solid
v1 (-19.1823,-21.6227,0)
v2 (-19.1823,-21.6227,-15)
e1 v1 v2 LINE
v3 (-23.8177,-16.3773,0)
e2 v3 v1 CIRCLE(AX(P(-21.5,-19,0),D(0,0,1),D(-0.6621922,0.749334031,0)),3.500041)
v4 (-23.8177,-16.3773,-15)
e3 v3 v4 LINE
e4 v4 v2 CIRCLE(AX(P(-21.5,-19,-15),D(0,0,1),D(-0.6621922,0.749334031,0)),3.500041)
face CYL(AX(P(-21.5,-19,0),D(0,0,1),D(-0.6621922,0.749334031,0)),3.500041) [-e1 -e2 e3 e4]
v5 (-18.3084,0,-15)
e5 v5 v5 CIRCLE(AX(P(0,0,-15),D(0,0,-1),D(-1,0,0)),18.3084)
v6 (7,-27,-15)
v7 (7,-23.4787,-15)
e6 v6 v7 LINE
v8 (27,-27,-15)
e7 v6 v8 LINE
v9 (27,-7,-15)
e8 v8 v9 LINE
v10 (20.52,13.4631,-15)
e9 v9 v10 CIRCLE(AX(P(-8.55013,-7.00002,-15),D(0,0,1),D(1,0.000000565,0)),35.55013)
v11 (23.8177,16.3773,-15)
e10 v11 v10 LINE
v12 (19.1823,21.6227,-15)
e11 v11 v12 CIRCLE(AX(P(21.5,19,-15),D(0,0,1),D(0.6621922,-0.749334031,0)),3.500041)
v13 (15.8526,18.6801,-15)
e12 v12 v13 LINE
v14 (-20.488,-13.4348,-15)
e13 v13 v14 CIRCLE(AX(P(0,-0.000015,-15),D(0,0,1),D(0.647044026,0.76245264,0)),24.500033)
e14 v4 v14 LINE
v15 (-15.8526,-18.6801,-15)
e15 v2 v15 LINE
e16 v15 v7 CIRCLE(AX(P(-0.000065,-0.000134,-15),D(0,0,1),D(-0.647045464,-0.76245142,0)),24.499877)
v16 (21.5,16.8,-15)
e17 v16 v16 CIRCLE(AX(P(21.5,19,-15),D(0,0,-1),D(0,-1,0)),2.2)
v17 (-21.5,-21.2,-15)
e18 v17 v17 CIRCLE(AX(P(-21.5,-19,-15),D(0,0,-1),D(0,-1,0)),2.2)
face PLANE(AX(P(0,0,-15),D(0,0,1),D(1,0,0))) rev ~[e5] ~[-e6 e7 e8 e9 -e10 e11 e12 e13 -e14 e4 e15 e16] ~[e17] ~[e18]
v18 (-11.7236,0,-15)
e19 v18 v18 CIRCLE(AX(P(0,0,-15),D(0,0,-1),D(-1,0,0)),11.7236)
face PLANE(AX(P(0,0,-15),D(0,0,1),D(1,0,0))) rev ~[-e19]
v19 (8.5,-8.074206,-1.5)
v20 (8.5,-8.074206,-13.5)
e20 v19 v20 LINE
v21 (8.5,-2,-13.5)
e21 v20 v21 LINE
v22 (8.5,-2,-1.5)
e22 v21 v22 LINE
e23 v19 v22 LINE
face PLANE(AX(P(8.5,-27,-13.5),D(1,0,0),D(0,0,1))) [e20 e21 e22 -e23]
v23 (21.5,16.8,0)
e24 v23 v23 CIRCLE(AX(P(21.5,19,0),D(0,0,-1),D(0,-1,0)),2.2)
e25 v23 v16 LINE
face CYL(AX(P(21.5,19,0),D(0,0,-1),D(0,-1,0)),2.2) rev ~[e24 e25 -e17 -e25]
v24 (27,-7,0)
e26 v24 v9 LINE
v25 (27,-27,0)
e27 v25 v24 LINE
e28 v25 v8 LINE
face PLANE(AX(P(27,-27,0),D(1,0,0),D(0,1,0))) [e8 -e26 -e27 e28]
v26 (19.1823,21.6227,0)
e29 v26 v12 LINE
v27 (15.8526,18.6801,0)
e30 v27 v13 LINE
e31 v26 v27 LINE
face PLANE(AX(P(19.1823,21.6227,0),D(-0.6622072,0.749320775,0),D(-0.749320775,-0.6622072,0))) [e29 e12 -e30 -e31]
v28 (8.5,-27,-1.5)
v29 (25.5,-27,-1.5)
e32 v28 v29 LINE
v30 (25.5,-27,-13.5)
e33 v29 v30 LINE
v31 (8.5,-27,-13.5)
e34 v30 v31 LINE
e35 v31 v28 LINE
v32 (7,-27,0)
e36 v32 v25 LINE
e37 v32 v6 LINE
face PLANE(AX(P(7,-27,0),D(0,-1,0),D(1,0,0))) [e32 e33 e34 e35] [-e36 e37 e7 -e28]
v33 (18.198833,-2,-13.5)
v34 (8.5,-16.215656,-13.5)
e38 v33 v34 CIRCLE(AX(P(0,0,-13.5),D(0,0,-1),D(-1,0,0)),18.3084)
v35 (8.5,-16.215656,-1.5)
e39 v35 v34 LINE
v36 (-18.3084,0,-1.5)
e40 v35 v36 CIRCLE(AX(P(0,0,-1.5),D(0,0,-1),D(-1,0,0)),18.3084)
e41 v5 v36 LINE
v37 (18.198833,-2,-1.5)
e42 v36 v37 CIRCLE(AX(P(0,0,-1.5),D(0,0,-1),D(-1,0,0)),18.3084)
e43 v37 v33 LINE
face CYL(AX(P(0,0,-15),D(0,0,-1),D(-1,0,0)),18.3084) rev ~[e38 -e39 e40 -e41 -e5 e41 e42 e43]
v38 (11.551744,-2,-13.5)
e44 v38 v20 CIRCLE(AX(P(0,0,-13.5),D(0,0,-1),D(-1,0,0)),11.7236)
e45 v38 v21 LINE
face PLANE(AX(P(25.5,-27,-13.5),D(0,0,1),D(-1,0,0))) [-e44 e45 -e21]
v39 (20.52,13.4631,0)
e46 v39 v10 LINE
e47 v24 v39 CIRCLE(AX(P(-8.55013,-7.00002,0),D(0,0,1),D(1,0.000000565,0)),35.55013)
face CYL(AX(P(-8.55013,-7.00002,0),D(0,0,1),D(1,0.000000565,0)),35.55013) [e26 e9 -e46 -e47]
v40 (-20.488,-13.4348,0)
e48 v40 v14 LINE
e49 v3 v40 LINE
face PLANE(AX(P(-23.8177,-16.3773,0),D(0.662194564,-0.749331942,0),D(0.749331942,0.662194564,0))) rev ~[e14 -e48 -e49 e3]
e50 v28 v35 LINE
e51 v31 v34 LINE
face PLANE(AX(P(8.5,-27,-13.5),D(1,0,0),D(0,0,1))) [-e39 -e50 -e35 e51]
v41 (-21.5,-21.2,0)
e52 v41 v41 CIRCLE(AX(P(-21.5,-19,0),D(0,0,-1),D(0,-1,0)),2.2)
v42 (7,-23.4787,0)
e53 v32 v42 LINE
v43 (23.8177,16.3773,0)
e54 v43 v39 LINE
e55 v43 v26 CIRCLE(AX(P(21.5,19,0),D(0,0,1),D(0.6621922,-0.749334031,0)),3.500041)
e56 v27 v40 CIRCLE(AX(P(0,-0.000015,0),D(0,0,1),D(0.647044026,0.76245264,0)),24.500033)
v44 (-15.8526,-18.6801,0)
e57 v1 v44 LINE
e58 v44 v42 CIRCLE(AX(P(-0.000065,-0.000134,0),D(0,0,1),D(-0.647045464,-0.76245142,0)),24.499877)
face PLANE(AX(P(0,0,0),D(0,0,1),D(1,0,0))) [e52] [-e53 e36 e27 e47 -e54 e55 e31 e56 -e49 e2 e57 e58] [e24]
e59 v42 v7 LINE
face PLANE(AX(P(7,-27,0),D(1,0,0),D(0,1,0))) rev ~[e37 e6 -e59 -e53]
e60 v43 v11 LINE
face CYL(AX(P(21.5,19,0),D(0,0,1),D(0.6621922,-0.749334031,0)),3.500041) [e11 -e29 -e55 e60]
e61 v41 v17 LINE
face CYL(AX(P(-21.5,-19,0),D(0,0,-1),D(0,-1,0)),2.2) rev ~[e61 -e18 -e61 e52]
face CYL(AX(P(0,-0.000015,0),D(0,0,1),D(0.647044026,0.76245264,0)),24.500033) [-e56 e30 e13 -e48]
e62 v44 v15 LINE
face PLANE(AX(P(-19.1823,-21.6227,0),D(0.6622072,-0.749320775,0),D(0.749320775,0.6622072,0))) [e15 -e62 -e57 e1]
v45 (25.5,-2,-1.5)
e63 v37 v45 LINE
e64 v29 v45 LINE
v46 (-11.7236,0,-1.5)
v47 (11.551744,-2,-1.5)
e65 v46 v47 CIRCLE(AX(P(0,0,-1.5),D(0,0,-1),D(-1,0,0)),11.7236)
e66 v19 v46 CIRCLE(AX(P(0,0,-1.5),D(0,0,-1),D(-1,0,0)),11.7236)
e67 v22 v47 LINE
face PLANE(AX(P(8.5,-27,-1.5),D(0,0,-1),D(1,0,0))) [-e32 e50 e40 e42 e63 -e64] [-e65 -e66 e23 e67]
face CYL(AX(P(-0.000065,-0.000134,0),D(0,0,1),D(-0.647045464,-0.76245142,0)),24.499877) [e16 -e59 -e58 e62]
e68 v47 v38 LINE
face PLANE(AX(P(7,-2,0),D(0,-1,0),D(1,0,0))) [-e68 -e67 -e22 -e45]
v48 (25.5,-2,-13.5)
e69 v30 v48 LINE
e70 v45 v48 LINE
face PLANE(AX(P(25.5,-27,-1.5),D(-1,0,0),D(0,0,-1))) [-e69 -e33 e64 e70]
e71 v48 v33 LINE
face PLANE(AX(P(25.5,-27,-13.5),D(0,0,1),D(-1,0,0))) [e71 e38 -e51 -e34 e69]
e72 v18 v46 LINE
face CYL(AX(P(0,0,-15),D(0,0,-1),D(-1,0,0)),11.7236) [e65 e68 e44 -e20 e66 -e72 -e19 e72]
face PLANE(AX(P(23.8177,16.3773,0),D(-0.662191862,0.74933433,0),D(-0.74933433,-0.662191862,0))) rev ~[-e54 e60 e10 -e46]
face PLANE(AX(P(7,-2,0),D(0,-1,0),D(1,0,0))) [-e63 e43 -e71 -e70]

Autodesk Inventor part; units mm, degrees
ref_plane "YZ Plane" through (0, 0, 0) normal (1, 0, 0) x (0, 1, 0)
ref_plane "XZ Plane" through (0, 0, 0) normal (0, 1, 0) x (-1, 0, 0)
ref_plane "XY Plane" through (0, 0, 0) normal (0, 0, 1) x (1, 0, 0)
sketch "Sketch1" plane through (0, 0, 0) normal (0, 0, 1) x (1, 0, 0)
  arc A0 (18.957, 15.5204) -> (15.8526, 18.6801) centre (0, 0) ccw construction
  line L0 (-24.5, 24.5) -> (27, 24.5) construction
  line L1 (27, 24.5) -> (27, -27) construction
  line L2 (27, -27) -> (-24.5, -27) construction
  line L3 (-24.5, -27) -> (-24.5, 24.5) construction
  line L4 (7, -27) -> (27, -27)
  line L5 (27, -27) -> (27, -7)
  arc A1 (27, -7) -> (20.52, 13.4631) centre (-8.55, -7) ccw
  line L6 (7, -27) -> (7, -23.4787)
  line L7 (21.5, 19) -> (0, 0) construction
  line L8 (-21.5, -19) -> (0, 0) construction
  arc A2 (18.8773, 16.6823) -> (23.8177, 16.3773) centre (21.5, 19) ccw construction
  arc A3 (-23.8177, -16.3773) -> (-19.1823, -21.6227) centre (-21.5, -19) ccw
  line L9 (-23.8177, -16.3773) -> (-20.488, -13.4348)
  line L10 (-19.1823, -21.6227) -> (-15.8526, -18.6801)
  line L11 (23.8177, 16.3773) -> (20.52, 13.4631)
  line L12 (19.1823, 21.6227) -> (15.8526, 18.6801)
  arc A4 (7, -23.4787) -> (18.957, 15.5204) centre (0, 0) ccw construction
  arc A5 (15.8526, 18.6801) -> (-20.488, -13.4348) centre (0, 0) ccw
  arc A6 (20.52, 13.4631) -> (18.957, 15.5204) centre (-8.55, -7) ccw construction
  arc A7 (19.1823, 21.6227) -> (18.8773, 16.6823) centre (21.5, 19) ccw construction
  arc A8 (23.8177, 16.3773) -> (19.1823, 21.6227) centre (21.5, 19) ccw
  arc A9 (-18.8773, -16.6823) -> (-23.8177, -16.3773) centre (-21.5, -19) ccw construction
  arc A10 (-19.1823, -21.6227) -> (-18.8773, -16.6823) centre (-21.5, -19) ccw construction
  arc A11 (-15.8526, -18.6801) -> (7, -23.4787) centre (0, 0) ccw
  arc A12 (-20.488, -13.4348) -> (-15.8526, -18.6801) centre (0, 0) ccw construction
  dimension "d0" = 49
  dimension "d1" = 51.5
  dimension "d2" = 51.5
  dimension "d3" = 20
  dimension "d4" = 20
  dimension "d5" = 43
  dimension "d6" = 38
  dimension "d7" = 7
  dimension "d8" = 7
extrude "Extrusion1" add sketch "Sketch1" against normal blind 15
sketch "Sketch2" plane through (7, -27, 0) normal (0, -1, 0) x (1, 0, 0)
  line L0 (20, 0) -> (0, 0) projected
  line L1 (0, 0) -> (0, -15) projected
  line L2 (20, -15) -> (0, -15) projected
  line L3 (20, 0) -> (20, -15) projected
  line L4 (1.5, -1.5) -> (18.5, -1.5)
  line L5 (18.5, -1.5) -> (18.5, -13.5)
  line L6 (18.5, -13.5) -> (1.5, -13.5)
  line L7 (1.5, -13.5) -> (1.5, -1.5)
  point P0 (-7, 0)
  dimension "d22" = 1.5
extrude "Extrusion2" cut sketch "Sketch2" against normal blind 25 contours L4 L5 L6 L7
hole "Hole1" at (-21.5, -19, 0) at (21.5, 19, 0) direction (0, 0, -1) diameter 4.4 end through all
sketch "Sketch3" plane through (0, 0, -15) normal (0, 0, -1) x (-1, 0, 0)
  arc A0 (20.488, -13.4348) -> (-15.8526, 18.6801) centre (0, 0) ccw projected
  circle A1 centre (0, 0) radius 18.3084
  circle A2 centre (0, 0) radius 11.7236
extrude "Extrusion3" cut sketch "Sketch3" against normal blind 13.5
properties part number "fan" material "Acetal Resin, Black"
